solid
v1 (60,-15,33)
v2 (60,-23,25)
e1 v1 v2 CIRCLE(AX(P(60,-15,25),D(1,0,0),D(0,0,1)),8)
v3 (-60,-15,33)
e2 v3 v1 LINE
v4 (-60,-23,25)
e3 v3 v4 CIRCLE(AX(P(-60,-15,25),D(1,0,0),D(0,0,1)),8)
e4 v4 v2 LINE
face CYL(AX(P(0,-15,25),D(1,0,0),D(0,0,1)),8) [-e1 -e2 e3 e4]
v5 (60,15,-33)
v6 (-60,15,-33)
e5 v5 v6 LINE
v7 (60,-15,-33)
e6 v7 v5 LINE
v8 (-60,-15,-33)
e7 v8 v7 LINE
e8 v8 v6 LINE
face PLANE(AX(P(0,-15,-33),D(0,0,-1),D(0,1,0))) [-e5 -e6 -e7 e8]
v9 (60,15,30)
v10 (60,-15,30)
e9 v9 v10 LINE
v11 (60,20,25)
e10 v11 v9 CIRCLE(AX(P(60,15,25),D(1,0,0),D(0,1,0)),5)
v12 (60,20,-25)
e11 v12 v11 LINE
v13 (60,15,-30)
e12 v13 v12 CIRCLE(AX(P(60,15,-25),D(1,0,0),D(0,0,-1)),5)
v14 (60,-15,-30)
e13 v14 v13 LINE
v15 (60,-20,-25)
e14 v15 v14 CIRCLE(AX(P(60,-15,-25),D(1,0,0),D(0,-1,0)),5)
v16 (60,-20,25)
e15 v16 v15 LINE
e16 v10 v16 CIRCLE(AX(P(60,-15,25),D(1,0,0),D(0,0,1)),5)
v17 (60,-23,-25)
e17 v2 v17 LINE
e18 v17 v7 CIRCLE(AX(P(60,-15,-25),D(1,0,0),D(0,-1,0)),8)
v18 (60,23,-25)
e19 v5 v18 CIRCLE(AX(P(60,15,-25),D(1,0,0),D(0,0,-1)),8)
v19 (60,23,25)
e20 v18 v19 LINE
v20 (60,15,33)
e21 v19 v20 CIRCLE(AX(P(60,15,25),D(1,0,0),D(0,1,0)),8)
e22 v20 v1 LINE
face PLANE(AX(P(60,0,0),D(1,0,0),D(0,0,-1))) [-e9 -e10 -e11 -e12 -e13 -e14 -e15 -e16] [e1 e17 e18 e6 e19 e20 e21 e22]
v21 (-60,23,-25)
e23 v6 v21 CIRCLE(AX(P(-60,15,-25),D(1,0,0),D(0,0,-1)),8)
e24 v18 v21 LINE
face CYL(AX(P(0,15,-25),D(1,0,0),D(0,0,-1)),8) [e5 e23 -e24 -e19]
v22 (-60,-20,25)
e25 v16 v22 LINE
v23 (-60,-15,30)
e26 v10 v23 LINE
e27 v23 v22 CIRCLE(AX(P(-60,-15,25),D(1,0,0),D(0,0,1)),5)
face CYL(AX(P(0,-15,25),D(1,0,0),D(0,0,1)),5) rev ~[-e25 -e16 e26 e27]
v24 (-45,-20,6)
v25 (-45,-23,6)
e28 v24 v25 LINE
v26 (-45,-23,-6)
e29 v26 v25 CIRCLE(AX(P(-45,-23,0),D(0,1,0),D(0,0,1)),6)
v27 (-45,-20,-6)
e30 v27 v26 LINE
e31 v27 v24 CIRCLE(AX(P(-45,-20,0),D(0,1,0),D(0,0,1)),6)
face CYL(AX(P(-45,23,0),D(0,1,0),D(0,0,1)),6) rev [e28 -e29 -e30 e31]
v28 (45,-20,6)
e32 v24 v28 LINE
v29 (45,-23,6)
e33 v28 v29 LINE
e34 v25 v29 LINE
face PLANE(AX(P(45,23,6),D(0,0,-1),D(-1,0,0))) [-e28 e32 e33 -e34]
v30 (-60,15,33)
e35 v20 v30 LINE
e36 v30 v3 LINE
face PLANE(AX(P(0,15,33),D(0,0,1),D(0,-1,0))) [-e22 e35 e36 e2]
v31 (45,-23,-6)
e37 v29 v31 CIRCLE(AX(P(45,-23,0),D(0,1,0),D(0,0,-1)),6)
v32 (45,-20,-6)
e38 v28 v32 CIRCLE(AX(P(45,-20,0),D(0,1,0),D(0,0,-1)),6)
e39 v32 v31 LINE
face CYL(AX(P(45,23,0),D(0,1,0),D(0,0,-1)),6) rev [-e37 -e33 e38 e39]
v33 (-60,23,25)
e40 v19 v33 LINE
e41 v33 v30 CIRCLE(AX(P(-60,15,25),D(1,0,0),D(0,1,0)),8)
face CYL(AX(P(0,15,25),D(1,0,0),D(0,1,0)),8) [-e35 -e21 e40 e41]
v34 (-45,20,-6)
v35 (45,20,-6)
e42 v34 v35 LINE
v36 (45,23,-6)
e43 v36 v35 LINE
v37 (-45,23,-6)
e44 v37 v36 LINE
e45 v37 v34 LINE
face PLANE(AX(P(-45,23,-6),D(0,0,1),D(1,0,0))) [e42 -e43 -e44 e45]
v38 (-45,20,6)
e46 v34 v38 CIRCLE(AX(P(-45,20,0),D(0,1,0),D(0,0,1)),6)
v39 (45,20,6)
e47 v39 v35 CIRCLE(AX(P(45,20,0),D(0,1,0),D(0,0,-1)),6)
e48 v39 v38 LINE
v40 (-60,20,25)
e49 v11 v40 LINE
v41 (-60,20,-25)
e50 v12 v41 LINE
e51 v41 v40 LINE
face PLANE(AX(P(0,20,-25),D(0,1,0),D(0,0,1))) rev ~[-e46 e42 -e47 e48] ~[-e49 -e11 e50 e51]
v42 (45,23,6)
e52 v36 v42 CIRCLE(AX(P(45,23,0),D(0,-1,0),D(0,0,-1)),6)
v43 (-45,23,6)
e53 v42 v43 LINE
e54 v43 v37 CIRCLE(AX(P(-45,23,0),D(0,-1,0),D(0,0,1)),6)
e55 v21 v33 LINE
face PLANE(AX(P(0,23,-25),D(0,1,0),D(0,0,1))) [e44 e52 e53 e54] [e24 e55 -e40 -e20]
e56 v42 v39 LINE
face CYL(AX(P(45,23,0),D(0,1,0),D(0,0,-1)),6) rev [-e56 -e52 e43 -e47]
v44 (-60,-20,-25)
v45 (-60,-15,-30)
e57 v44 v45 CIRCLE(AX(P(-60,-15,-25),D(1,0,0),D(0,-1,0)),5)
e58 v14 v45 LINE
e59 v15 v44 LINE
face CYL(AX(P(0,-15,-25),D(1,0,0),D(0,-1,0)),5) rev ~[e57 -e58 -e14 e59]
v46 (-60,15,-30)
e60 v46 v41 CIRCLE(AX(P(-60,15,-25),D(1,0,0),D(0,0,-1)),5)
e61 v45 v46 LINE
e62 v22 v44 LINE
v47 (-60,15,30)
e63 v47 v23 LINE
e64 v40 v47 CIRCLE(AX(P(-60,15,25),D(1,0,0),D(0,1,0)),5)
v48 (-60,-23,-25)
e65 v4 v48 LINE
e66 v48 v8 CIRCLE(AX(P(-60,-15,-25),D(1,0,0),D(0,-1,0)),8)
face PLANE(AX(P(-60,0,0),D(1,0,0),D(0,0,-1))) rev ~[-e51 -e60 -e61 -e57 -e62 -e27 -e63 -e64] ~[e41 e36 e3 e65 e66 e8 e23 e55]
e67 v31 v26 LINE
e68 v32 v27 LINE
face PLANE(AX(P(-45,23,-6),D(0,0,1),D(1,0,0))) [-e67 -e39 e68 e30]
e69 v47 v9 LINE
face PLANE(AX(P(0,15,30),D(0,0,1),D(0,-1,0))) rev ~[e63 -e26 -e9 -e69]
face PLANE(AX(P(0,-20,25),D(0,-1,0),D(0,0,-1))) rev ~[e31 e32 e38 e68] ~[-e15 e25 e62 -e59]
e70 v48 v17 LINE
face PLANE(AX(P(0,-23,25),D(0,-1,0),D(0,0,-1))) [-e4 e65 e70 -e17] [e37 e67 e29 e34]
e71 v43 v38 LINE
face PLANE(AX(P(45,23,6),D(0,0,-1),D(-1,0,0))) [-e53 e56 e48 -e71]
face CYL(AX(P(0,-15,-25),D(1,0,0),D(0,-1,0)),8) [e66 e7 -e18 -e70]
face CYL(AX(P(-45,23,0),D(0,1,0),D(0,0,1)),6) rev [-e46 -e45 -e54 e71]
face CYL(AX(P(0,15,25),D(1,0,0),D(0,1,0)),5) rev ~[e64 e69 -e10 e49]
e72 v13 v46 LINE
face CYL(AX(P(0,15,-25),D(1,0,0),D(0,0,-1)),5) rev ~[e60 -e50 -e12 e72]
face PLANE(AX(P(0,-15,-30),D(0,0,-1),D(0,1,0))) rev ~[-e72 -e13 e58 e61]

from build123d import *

# Parameters (mm, degrees)
EXTRUDE_THIN1_DEPTH = 60
CUT_EXTRUDE1_DEPTH  = 47


with BuildPart() as part:
    # Sketch1 → Extrude-Thin1 (new body, symmetric)
    with BuildSketch(Plane(origin=(0, 0, 0), x_dir=(0, 0, -1), z_dir=(1, 0, 0))):
        with BuildLine():
            Line((-33, 15), (-33, -15))
            ThreePointArc((-33, -15), (-30.656854249, -20.656854249), (-25, -23))
            Line((-25, -23), (25, -23))
            ThreePointArc((25, -23), (30.656854249, -20.656854249), (33, -15))
            Line((33, -15), (33, 15))
            ThreePointArc((33, 15), (30.656854249, 20.656854249), (25, 23))
            Line((25, 23), (-25, 23))
            ThreePointArc((-25, 23), (-30.656854249, 20.656854249), (-33, 15))
        make_face()
        with BuildLine():
            Line((-30, 15), (-30, -15))
            ThreePointArc((-30, -15), (-28.535533906, -18.535533906), (-25, -20))
            Line((-25, -20), (25, -20))
            ThreePointArc((25, -20), (28.535533906, -18.535533906), (30, -15))
            Line((30, -15), (30, 15))
            ThreePointArc((30, 15), (28.535533906, 18.535533906), (25, 20))
            Line((25, 20), (-25, 20))
            ThreePointArc((-25, 20), (-28.535533906, 18.535533906), (-30, 15))
        make_face(mode=Mode.SUBTRACT)
    extrude(amount=EXTRUDE_THIN1_DEPTH, both=True)

    # Sketch2 → Cut-Extrude1 (cut, through all)
    with BuildSketch(Plane(origin=(0, 23, 0), x_dir=(1, 0, 0), z_dir=(0, 1, 0))):
        with BuildLine():
            Line((-45, 6), (45, 6))
            ThreePointArc((45, 6), (51, 0), (45, -6))
            Line((45, -6), (-45, -6))
            ThreePointArc((-45, -6), (-51, 0), (-45, 6))
        make_face()
    extrude(amount=-CUT_EXTRUDE1_DEPTH, mode=Mode.SUBTRACT)


solid = part.part
